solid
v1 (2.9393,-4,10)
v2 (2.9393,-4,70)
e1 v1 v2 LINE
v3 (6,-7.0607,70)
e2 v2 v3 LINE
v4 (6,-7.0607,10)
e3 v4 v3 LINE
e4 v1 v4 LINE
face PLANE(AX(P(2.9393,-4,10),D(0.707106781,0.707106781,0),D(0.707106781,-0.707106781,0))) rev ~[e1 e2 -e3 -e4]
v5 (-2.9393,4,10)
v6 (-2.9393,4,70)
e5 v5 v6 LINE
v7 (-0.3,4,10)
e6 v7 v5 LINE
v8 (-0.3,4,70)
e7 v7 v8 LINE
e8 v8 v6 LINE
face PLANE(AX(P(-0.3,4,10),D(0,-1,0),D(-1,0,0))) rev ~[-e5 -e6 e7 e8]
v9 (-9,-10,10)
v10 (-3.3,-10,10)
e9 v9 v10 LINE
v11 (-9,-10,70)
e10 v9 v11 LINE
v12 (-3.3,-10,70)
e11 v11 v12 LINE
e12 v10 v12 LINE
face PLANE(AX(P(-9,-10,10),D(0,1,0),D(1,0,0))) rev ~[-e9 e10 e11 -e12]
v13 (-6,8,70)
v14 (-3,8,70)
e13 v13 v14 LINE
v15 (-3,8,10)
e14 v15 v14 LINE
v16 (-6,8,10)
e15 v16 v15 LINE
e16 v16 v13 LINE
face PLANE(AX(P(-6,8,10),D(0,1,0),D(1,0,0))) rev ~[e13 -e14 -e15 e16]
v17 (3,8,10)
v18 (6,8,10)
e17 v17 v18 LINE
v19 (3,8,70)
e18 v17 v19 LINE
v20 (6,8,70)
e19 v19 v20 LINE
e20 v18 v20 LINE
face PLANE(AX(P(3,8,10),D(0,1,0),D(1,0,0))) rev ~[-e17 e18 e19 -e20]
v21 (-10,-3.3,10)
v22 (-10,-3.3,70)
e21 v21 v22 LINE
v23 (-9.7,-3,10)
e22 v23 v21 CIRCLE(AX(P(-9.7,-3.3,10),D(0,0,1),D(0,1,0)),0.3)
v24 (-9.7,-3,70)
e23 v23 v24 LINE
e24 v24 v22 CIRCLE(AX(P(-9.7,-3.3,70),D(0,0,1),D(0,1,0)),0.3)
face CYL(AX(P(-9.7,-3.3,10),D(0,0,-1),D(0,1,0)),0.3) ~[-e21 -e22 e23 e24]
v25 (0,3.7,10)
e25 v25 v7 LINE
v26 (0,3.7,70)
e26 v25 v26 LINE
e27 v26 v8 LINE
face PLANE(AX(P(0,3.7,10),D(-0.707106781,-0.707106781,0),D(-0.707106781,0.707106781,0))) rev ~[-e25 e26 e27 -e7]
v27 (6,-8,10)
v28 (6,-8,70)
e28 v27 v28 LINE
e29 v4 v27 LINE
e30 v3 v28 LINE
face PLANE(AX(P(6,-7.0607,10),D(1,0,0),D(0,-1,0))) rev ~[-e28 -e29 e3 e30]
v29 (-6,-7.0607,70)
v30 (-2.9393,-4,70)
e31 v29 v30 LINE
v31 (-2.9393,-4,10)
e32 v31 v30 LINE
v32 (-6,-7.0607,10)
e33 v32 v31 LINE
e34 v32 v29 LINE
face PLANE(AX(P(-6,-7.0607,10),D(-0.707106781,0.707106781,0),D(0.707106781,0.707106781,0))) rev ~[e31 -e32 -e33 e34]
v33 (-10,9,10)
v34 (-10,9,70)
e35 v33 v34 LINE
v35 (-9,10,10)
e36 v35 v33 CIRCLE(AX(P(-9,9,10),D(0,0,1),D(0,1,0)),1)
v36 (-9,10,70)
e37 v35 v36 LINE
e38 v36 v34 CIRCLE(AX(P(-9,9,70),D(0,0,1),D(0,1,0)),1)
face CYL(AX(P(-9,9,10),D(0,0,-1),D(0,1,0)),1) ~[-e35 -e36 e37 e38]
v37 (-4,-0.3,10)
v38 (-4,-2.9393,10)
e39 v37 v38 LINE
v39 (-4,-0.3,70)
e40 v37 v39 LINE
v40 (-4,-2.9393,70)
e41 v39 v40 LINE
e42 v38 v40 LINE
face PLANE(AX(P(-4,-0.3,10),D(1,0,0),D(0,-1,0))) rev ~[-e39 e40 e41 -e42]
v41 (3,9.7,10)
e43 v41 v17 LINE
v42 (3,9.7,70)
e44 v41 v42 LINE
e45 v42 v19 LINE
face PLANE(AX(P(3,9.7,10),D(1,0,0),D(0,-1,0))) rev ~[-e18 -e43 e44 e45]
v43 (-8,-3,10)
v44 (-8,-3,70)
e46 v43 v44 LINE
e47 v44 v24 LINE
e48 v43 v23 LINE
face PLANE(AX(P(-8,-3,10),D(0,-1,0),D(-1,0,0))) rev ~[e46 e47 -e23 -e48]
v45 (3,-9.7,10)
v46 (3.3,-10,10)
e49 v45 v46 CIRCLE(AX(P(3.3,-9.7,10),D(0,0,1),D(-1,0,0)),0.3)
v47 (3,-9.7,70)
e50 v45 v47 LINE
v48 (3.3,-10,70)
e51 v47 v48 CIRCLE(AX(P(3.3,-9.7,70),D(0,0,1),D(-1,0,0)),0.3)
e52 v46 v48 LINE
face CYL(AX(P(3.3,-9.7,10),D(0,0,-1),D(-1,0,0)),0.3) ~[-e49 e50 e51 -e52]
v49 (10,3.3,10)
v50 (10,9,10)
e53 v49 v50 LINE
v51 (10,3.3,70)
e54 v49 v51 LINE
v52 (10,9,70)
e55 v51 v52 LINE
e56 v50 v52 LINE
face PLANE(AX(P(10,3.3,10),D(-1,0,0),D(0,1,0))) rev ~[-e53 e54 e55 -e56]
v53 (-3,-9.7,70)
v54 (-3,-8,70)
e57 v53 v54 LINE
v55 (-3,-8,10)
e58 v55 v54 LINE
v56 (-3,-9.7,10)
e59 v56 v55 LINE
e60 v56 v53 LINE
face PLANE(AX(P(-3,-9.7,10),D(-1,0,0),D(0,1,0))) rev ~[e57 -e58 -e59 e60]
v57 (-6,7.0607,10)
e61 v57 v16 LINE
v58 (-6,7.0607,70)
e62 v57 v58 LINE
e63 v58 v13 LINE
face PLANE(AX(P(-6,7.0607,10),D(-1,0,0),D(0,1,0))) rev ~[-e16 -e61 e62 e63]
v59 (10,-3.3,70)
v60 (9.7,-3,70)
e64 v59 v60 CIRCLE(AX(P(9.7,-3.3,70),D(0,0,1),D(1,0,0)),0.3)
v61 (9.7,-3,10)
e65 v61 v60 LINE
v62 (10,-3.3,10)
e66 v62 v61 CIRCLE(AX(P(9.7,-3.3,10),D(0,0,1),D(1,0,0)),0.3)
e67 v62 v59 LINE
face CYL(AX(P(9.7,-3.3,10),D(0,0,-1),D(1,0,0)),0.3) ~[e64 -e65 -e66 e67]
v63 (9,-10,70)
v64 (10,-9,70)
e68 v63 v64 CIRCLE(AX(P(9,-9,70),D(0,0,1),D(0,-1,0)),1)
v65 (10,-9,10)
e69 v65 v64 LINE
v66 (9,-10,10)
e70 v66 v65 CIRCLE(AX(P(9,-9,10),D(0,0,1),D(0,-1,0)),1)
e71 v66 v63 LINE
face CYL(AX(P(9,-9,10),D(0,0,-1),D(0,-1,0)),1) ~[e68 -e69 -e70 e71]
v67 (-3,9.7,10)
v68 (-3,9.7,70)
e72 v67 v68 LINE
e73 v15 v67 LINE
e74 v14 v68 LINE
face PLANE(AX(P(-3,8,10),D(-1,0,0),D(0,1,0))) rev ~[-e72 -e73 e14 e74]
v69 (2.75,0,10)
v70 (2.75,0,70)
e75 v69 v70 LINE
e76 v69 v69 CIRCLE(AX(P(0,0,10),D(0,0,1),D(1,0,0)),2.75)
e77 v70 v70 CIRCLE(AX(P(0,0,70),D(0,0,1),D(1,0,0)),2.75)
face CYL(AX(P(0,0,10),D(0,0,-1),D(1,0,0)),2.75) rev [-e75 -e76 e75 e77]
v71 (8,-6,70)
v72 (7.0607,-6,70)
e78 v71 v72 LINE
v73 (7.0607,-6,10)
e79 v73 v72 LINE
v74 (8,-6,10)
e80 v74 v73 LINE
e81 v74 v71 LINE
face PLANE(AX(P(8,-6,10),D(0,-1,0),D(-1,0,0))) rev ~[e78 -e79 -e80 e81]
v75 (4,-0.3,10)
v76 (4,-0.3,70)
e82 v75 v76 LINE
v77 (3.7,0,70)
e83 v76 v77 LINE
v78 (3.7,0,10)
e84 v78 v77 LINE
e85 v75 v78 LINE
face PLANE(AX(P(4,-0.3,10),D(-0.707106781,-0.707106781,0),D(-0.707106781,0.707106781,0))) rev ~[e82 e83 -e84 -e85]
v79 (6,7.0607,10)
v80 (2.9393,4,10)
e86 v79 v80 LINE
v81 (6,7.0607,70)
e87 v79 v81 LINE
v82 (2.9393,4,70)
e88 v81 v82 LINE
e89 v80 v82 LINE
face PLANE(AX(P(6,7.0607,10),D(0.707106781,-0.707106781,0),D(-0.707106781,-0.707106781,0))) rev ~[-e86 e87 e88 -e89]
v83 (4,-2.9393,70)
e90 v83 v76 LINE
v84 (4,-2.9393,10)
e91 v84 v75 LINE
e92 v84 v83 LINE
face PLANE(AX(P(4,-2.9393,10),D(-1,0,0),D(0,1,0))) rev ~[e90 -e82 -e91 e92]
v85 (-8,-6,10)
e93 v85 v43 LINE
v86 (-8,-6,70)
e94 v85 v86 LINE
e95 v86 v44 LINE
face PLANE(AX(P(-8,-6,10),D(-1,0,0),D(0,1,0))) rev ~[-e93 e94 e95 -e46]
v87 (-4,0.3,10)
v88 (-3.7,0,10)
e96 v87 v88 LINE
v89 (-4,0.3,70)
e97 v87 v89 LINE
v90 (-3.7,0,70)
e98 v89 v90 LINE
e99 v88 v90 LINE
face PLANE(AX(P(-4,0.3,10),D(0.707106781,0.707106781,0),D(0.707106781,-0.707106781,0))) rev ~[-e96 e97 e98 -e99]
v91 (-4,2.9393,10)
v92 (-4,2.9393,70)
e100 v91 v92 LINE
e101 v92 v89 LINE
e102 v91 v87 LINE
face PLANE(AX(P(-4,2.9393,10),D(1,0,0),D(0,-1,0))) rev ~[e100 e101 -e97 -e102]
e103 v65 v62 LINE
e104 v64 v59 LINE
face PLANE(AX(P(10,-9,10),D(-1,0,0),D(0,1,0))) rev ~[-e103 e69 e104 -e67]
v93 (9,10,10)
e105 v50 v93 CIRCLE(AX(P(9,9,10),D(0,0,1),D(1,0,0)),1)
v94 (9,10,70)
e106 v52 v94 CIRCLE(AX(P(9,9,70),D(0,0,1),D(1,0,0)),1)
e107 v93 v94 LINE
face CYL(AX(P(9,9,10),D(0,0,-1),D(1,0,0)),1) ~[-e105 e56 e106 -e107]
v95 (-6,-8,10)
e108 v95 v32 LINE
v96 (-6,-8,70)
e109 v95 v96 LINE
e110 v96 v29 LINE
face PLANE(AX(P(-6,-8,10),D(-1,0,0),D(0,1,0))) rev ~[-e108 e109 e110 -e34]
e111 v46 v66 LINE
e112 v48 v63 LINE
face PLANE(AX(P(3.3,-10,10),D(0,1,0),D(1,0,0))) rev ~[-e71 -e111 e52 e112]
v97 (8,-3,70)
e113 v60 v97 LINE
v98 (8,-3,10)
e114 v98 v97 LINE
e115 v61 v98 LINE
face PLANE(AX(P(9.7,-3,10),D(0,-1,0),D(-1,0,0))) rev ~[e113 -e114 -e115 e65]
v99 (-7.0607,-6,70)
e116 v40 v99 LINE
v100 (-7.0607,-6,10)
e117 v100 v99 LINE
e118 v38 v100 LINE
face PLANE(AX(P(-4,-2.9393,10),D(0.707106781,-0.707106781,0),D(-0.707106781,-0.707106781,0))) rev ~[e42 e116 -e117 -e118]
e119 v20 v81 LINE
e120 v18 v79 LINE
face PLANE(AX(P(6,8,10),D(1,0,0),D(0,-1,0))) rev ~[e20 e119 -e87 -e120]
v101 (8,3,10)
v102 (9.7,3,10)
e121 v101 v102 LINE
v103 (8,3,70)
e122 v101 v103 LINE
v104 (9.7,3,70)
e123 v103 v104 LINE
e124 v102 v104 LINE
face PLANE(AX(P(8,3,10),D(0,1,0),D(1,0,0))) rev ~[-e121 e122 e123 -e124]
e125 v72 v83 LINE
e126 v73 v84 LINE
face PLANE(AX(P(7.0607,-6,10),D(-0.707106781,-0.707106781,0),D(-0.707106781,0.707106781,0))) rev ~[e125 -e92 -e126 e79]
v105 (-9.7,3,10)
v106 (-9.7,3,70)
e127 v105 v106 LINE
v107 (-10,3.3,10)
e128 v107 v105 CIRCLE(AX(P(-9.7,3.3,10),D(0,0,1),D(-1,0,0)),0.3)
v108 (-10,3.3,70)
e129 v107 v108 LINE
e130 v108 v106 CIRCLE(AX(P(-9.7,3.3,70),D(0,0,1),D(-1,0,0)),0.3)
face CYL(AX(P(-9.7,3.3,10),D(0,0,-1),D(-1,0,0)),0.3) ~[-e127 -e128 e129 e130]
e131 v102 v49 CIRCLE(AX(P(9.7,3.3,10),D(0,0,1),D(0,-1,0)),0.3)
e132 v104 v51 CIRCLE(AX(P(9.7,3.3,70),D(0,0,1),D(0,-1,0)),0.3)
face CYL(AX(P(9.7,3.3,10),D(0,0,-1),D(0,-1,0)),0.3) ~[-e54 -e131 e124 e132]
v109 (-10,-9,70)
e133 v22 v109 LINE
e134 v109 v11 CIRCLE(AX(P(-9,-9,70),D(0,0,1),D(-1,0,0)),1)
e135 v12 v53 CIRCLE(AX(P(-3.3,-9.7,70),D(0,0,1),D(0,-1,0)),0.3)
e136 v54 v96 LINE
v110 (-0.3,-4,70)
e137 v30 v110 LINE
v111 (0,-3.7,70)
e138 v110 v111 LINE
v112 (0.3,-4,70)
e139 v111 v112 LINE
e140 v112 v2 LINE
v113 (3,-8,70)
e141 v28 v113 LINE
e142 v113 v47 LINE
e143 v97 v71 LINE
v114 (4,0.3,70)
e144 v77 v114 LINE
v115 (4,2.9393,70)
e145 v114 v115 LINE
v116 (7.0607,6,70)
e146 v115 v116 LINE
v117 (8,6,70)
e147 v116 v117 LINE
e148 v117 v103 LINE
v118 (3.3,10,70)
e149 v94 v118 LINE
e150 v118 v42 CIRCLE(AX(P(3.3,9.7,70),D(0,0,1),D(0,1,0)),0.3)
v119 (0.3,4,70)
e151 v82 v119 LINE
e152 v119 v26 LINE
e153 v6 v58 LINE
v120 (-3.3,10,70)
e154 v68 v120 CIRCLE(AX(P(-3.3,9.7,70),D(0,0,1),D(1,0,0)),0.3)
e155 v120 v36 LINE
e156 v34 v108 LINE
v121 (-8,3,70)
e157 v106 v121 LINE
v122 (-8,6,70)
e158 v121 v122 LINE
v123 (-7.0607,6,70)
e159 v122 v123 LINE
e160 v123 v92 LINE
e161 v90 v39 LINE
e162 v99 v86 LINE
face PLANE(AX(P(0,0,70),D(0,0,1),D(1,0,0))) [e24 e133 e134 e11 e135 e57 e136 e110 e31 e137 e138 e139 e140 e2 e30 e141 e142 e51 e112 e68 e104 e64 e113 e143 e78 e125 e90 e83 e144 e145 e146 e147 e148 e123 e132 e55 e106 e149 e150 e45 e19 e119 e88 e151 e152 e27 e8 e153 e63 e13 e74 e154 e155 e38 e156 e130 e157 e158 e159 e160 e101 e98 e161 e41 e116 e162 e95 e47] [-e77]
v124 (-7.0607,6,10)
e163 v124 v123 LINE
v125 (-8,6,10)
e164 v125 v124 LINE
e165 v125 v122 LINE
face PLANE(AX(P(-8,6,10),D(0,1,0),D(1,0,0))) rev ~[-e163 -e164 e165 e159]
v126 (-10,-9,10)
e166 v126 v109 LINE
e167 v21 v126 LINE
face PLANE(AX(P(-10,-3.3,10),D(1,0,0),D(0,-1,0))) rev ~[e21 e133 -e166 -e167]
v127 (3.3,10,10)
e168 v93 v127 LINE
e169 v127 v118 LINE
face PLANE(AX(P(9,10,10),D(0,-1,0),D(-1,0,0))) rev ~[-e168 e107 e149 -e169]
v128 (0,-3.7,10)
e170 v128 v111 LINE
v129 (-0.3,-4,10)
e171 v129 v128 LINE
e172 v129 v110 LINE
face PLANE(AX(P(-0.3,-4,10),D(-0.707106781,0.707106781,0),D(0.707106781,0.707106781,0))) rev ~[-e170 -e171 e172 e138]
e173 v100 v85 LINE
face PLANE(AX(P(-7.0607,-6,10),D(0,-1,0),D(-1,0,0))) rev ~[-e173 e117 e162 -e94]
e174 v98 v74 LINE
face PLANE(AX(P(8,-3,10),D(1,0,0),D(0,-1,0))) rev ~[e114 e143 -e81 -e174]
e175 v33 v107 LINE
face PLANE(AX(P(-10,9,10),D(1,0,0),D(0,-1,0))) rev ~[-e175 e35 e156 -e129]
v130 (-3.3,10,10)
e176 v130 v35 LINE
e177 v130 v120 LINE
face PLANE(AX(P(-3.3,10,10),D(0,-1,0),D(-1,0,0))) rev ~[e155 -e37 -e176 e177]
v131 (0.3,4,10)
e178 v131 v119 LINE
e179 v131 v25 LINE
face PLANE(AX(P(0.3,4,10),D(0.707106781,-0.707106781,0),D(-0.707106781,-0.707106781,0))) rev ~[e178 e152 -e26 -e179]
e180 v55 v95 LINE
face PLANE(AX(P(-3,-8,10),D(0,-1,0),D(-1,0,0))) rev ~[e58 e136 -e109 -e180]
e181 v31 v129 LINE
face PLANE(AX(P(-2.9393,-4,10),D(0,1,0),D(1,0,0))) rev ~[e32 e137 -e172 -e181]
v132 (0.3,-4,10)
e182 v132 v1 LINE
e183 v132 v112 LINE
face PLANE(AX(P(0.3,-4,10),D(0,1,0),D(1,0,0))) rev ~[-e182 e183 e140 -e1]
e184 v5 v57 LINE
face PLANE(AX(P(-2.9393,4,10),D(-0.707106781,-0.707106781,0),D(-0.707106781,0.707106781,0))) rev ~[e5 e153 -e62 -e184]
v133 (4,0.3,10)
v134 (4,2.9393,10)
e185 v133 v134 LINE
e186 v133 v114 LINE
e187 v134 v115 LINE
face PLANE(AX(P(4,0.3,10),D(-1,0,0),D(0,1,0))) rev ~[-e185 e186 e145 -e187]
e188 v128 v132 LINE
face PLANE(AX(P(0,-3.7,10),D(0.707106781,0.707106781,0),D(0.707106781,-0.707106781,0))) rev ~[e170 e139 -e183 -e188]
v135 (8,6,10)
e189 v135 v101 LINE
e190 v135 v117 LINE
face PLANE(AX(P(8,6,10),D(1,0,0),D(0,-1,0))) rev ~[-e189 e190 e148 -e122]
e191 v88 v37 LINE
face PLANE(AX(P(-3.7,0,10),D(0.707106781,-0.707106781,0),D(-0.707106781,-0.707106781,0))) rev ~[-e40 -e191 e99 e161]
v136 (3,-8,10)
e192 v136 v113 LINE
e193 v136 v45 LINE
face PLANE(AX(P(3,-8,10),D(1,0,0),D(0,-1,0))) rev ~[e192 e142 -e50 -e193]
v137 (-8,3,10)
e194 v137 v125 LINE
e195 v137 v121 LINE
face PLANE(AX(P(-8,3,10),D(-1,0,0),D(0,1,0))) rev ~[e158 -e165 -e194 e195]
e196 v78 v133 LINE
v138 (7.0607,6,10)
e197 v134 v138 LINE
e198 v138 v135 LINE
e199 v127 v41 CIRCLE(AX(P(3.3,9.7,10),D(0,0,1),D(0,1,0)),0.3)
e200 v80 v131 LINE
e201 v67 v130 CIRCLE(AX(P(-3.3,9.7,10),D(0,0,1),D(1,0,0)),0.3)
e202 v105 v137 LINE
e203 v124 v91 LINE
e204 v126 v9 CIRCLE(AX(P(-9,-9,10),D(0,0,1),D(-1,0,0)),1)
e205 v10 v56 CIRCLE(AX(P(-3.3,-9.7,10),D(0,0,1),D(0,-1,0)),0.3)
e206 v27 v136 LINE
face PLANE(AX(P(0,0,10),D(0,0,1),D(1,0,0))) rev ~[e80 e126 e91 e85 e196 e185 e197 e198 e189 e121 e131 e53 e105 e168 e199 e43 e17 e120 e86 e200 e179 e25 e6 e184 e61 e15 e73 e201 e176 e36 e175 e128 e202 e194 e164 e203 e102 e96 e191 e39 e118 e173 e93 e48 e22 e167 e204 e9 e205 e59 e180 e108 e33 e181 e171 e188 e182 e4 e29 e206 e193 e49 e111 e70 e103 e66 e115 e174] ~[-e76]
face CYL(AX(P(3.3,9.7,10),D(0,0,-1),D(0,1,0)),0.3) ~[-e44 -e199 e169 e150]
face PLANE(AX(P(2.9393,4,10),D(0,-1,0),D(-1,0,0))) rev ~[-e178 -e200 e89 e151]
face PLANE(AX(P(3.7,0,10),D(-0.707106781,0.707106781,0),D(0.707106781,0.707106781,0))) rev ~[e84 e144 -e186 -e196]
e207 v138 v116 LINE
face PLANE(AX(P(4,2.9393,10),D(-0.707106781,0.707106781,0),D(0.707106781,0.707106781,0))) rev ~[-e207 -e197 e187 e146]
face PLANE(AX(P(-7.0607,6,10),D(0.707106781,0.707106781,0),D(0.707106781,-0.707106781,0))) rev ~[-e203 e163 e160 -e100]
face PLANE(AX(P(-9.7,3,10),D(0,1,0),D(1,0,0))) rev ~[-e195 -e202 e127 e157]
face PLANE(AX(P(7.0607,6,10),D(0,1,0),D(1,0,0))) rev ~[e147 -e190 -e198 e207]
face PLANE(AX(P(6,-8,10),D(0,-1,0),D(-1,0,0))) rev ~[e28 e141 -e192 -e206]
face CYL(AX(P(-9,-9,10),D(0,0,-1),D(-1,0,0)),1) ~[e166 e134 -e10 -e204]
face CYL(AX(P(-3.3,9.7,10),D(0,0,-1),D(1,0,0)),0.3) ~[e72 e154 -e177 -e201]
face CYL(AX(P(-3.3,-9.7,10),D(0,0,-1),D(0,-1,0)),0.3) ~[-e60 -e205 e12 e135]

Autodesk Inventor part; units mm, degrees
ref_plane "Startebene" through (0, 0, 0) normal (0, 0, 1) x (1, 0, 0)
ref_plane "Endebene" through (0, 0, 320) normal (0, 0, 1) x (1, 0, 0)
ref_plane "Startebene1" through (0, 0, 0) normal (0, 0, 1) x (1, 0, 0)
ref_plane "Endebene1" through (0, 0, 80) normal (0, 0, 1) x (1, 0, 0)
ref_plane "Startebene2" through (0, 0, 10) normal (0, 0, 1) x (1, 0, 0)
ref_plane "Endebene2" through (0, 0, 70) normal (0, 0, 1) x (1, 0, 0)
sketch "Skizze" plane through (0, 0, 0) normal (0, 0, 1) x (1, 0, 0)
  line L0 (-10, 9) -> (-10, 3.3)
  arc A0 (-10, 3.3) -> (-9.7, 3) centre (-9.7, 3.3) ccw
  line L1 (-9.7, 3) -> (-8, 3)
  line L2 (-8, 3) -> (-8, 6)
  line L3 (-8, 6) -> (-7.0607, 6)
  line L4 (-7.0607, 6) -> (-4, 2.9393)
  line L5 (-4, 2.9393) -> (-4, 0.3)
  line L6 (-4, 0.3) -> (-3.7, 0)
  line L7 (-3.7, 0) -> (-4, -0.3)
  line L8 (-4, -0.3) -> (-4, -2.9393)
  line L9 (-4, -2.9393) -> (-7.0607, -6)
  line L10 (-7.0607, -6) -> (-8, -6)
  line L11 (-8, -6) -> (-8, -3)
  line L12 (-8, -3) -> (-9.7, -3)
  arc A1 (-9.7, -3) -> (-10, -3.3) centre (-9.7, -3.3) ccw
  line L13 (-10, -3.3) -> (-10, -9)
  arc A2 (-10, -9) -> (-9, -10) centre (-9, -9) ccw
  line L14 (-9, -10) -> (-3.3, -10)
  arc A3 (-3.3, -10) -> (-3, -9.7) centre (-3.3, -9.7) ccw
  line L15 (-3, -9.7) -> (-3, -8)
  line L16 (-3, -8) -> (-6, -8)
  line L17 (-6, -8) -> (-6, -7.0607)
  line L18 (-6, -7.0607) -> (-2.9393, -4)
  line L19 (-2.9393, -4) -> (-0.3, -4)
  line L20 (-0.3, -4) -> (0, -3.7)
  line L21 (0, -3.7) -> (0.3, -4)
  line L22 (0.3, -4) -> (2.9393, -4)
  line L23 (2.9393, -4) -> (6, -7.0607)
  line L24 (6, -7.0607) -> (6, -8)
  line L25 (6, -8) -> (3, -8)
  line L26 (3, -8) -> (3, -9.7)
  arc A4 (3, -9.7) -> (3.3, -10) centre (3.3, -9.7) ccw
  line L27 (3.3, -10) -> (9, -10)
  arc A5 (9, -10) -> (10, -9) centre (9, -9) ccw
  line L28 (10, -9) -> (10, -3.3)
  arc A6 (10, -3.3) -> (9.7, -3) centre (9.7, -3.3) ccw
  line L29 (9.7, -3) -> (8, -3)
  line L30 (8, -3) -> (8, -6)
  line L31 (8, -6) -> (7.0607, -6)
  line L32 (7.0607, -6) -> (4, -2.9393)
  line L33 (4, -2.9393) -> (4, -0.3)
  line L34 (4, -0.3) -> (3.7, 0)
  line L35 (3.7, 0) -> (4, 0.3)
  line L36 (4, 0.3) -> (4, 2.9393)
  line L37 (4, 2.9393) -> (7.0607, 6)
  line L38 (7.0607, 6) -> (8, 6)
  line L39 (8, 6) -> (8, 3)
  line L40 (8, 3) -> (9.7, 3)
  arc A7 (9.7, 3) -> (10, 3.3) centre (9.7, 3.3) ccw
  line L41 (10, 3.3) -> (10, 9)
  arc A8 (10, 9) -> (9, 10) centre (9, 9) ccw
  line L42 (9, 10) -> (3.3, 10)
  arc A9 (3.3, 10) -> (3, 9.7) centre (3.3, 9.7) ccw
  line L43 (3, 9.7) -> (3, 8)
  line L44 (3, 8) -> (6, 8)
  line L45 (6, 8) -> (6, 7.0607)
  line L46 (6, 7.0607) -> (2.9393, 4)
  line L47 (2.9393, 4) -> (0.3, 4)
  line L48 (0.3, 4) -> (0, 3.7)
  line L49 (0, 3.7) -> (-0.3, 4)
  line L50 (-0.3, 4) -> (-2.9393, 4)
  line L51 (-2.9393, 4) -> (-6, 7.0607)
  line L52 (-6, 7.0607) -> (-6, 8)
  line L53 (-6, 8) -> (-3, 8)
  line L54 (-3, 8) -> (-3, 9.7)
  arc A10 (-3, 9.7) -> (-3.3, 10) centre (-3.3, 9.7) ccw
  line L55 (-3.3, 10) -> (-9, 10)
  arc A11 (-9, 10) -> (-10, 9) centre (-9, 9) ccw
  circle A12 centre (0, 0) radius 2.75
  dimension "d2" = 5.5
  dimension "d3" = 10
  dimension "d4" = 10
  dimension "d5" = 5.7
  dimension "d6" = 5.7
  dimension "d7" = 1.7
  dimension "d8" = 3
  dimension "d9" = 0.3
  dimension "d10" = 90
  dimension "d11" = 45
  dimension "d12" = 45
  dimension "d13" = 45
  dimension "d14" = 90
  dimension "d15" = 90
  dimension "d16" = 45
  dimension "d17" = 45
  dimension "d18" = 45
  dimension "d19" = 45
  dimension "d20" = 90
  dimension "d21" = 90
  dimension "d22" = 45
  dimension "d23" = 45
  dimension "d24" = 90
  dimension "d25" = 90
  dimension "d26" = 90
  dimension "d27" = 90
  dimension "d28" = 90
  dimension "d29" = 90
  dimension "d30" = 90
  dimension "d31" = 90
  dimension "d32" = 90
  dimension "d33" = 90
  dimension "d34" = 90
  dimension "d35" = 90
  dimension "d36" = 90
  dimension "d37" = 90
  dimension "d38" = 90
  dimension "d39" = 4
  dimension "d40" = 6
  dimension "d41" = 13
  dimension "d42" = 14
  dimension "d43" = 16
  dimension "d44" = 18
  dimension "d45" = 3
  dimension "d46" = 9
  dimension "d47" = 7
  dimension "d48" = 1
  dimension "d49" = 7
  dimension "d50" = 1.5
  dimension "d51" = 1.8663
  dimension "d52" = 3.3663
  dimension "d53" = 1.5
  dimension "d54" = 1.8663
  dimension "d55" = 3.3663
  dimension "d56" = 4
  dimension "d57" = 10.8187
  dimension "d58" = 1.9092
  dimension "d59" = 5
  dimension "d60" = 13
  dimension "d61" = 13
  dimension "d62" = 16.0513
  dimension "d63" = 3.3234
  dimension "d64" = 14
  dimension "d65" = 12.685
extrude "Körper" add sketch "Skizze" along normal up to surface (60 mm away) from surface at 10
sketch "Skizze13" plane through (0, 0, 0) normal (0, 0, 1) x (1, 0, 0)
  line L0 (0, 0) -> (10, 0)
ref_plane "Arbeitsebene12" through (0, 0, 0) normal (0, -1, 0) x (1, 0, 0)
sketch "Skizze14" plane through (0, 0, 0) normal (0, -1, 0) x (1, 0, 0)
  line L0 (-2, 10) -> (12, 10)
  line L1 (-2, 70) -> (12, 70)
  dimension "d80" = 60
ref_plane "Arbeitsebene13" through (0, -9, 10) normal (0, 0, -1) x (-1, 0, 0)
split "Trennen1" plane through (0, -9, 10) removes the side toward (0, 0, -1)
ref_plane "Arbeitsebene14" through (-220, -9, 70) normal (0, 0, 1) x (1, 0, 0)
split "Trennen2" plane through (-220, -9, 70) removes the side toward (0, 0, 1)
equation "\"G_OFFSET_START\" = 0"
equation "\"G_OFFSET_END\" = 0"
equation "\"G_L\" = d80"
equation "\"G_OFFSET_START1\" = 0"
equation "\"G_OFFSET_END1\" = 0"
properties part number "Alu Profil 20x20 - AP2020" material "Aluminium 6061"
